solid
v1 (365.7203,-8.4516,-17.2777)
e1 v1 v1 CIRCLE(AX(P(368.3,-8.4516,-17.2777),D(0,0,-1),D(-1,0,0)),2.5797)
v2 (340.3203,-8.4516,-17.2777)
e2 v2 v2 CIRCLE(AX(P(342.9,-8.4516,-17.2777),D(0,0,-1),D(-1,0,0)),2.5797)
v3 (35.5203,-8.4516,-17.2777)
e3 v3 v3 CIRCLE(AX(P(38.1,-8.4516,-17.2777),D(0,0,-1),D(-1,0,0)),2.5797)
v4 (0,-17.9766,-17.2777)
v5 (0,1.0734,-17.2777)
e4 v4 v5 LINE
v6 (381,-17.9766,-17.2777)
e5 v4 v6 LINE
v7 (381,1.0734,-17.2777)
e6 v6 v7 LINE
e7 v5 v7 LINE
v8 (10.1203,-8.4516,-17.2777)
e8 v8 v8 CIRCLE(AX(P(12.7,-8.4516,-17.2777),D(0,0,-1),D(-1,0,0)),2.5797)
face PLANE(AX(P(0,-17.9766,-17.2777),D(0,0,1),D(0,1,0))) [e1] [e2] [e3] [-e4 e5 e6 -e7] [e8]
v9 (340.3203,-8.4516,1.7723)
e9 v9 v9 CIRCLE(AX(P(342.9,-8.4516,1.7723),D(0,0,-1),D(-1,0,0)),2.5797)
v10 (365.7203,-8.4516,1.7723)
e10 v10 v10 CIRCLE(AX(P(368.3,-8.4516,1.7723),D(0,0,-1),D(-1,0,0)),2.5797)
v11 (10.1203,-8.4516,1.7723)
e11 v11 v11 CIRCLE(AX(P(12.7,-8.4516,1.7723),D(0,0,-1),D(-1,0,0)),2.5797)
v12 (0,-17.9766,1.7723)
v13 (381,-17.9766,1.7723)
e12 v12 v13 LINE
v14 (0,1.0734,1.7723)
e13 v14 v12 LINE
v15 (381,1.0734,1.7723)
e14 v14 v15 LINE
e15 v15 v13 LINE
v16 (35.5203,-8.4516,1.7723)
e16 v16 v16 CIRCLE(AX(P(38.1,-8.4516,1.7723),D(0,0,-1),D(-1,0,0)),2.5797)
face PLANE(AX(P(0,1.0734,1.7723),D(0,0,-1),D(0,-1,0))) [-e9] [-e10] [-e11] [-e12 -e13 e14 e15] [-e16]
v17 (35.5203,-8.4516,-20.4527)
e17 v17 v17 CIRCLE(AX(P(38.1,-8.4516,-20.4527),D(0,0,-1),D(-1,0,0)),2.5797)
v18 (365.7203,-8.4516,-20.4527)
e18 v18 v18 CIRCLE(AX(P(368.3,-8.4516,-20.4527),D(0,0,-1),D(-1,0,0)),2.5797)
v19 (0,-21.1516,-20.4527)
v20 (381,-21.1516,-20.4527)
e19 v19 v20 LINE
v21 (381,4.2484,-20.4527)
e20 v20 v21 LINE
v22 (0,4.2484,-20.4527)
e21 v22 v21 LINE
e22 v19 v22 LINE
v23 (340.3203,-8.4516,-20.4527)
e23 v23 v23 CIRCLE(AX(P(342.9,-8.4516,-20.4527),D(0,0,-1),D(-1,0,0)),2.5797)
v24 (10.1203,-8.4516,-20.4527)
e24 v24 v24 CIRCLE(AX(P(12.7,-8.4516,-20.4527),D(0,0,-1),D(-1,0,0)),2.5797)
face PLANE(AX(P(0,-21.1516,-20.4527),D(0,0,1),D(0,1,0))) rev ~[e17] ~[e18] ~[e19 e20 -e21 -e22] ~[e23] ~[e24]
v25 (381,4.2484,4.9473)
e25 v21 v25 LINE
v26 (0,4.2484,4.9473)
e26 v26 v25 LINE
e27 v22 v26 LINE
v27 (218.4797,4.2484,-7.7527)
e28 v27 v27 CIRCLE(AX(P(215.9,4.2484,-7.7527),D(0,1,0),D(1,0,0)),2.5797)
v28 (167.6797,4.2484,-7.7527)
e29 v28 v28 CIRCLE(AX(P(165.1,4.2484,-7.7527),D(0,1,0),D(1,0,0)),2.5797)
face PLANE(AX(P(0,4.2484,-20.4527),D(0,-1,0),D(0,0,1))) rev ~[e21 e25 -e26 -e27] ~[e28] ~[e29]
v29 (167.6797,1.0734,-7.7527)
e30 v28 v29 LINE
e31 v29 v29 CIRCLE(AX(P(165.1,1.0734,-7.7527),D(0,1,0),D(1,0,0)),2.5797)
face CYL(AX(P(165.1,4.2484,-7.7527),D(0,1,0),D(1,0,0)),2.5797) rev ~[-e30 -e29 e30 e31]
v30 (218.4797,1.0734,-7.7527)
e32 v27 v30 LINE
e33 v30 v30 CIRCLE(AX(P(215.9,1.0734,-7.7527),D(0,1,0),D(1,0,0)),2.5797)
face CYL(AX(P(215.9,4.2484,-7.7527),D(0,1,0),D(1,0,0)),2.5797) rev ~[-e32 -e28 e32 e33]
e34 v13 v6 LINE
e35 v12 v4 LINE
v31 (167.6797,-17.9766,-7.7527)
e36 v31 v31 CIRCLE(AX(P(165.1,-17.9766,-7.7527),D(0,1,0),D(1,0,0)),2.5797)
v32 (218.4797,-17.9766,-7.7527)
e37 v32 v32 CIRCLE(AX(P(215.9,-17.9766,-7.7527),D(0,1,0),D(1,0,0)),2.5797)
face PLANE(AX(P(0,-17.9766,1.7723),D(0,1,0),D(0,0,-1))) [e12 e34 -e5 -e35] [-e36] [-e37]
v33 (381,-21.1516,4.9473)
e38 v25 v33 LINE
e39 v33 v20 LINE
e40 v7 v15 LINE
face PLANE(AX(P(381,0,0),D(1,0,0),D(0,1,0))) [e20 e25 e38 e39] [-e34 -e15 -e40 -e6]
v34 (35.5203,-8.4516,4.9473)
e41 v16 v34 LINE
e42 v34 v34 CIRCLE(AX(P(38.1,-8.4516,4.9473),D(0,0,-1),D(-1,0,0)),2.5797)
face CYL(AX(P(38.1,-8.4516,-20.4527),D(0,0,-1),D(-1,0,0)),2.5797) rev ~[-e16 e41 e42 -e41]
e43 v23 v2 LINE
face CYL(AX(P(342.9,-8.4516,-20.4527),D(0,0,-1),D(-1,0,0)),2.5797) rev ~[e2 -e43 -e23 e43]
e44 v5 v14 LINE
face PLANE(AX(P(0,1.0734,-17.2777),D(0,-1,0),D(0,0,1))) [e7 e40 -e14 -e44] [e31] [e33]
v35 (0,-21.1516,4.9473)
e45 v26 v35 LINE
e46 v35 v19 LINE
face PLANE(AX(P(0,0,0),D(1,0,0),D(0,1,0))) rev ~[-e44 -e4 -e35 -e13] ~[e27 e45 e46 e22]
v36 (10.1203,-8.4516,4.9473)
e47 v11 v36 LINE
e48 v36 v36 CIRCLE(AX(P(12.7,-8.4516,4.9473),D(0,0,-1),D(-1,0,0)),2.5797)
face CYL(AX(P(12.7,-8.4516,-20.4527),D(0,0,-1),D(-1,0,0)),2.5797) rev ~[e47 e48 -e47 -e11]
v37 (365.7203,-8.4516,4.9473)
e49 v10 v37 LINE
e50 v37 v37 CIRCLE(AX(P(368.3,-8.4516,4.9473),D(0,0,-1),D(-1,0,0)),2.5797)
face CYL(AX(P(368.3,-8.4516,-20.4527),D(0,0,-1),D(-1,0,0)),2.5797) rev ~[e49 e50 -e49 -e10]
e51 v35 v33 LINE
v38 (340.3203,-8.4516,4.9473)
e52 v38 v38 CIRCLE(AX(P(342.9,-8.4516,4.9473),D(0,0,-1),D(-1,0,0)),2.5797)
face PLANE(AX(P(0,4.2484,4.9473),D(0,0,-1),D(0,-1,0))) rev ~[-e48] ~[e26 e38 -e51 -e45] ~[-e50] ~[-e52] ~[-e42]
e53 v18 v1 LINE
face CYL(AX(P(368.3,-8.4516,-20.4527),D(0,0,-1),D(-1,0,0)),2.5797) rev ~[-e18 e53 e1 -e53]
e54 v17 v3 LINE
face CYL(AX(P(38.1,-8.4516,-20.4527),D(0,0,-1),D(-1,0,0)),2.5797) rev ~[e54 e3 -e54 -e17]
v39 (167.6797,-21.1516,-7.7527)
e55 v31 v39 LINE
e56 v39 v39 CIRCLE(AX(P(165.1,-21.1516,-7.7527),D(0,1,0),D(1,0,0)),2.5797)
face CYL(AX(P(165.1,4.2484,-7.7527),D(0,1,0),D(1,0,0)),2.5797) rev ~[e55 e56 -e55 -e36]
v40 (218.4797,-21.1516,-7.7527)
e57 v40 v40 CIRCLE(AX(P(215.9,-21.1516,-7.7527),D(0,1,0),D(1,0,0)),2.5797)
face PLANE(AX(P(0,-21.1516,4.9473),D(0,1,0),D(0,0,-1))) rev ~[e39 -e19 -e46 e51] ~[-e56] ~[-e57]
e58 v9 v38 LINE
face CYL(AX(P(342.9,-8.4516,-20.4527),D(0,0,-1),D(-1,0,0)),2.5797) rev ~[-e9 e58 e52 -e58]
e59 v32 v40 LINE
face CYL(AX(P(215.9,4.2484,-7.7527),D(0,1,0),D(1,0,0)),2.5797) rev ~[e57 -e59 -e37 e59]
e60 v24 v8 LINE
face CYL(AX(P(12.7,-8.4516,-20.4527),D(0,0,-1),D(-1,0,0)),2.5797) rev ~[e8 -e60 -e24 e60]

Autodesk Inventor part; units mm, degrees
ref_plane "YZ Plane" through (0, 0, 0) normal (1, 0, 0) x (0, 1, 0)
ref_plane "XZ Plane" through (0, 0, 0) normal (0, 1, 0) x (-1, 0, 0)
ref_plane "XY Plane" through (0, 0, 0) normal (0, 0, 1) x (1, 0, 0)
sketch "Sketch1" plane through (0, 0, 0) normal (1, 0, 0) x (0, 1, 0)
  line L0 (4.2484, 4.9473) -> (-21.1516, 4.9473)
  line L1 (-21.1516, 4.9473) -> (-21.1516, -20.4527)
  line L2 (-21.1516, -20.4527) -> (4.2484, -20.4527)
  line L3 (4.2484, -20.4527) -> (4.2484, 4.9473)
  line L4 (1.0734, 1.7723) -> (-17.9766, 1.7723)
  line L5 (-17.9766, 1.7723) -> (-17.9766, -17.2777)
  line L6 (-17.9766, -17.2777) -> (1.0734, -17.2777)
  line L7 (1.0734, -17.2777) -> (1.0734, 1.7723)
  point P0 (0, 0)
  dimension "d0" = 25.4
  dimension "d1" = 25.4
  dimension "d2" = 3.175
extrude "Extrusion1" add sketch "Sketch1" along normal blind 381
sketch "Sketch2" plane through (0, -21.1516, -20.4527) normal (0, 0, -1) x (-1, 0, 0)
  line L0 (0, 0) -> (0, 25.4) construction
  line L1 (0, 12.7) -> (-12.7, 12.7) construction
  line L2 (-12.7, 12.7) -> (-38.1, 12.7) construction
  line L3 (-381, 0) -> (-381, 25.4) construction
  line L4 (-381, 12.7) -> (-368.3, 12.7) construction
  line L5 (-368.3, 12.7) -> (-342.9, 12.7) construction
  circle A0 centre (-368.3, 12.7) radius 2.5797
  circle A1 centre (-342.9, 12.7) radius 2.5797
  circle A2 centre (-12.7, 12.7) radius 2.5797
  circle A3 centre (-38.1, 12.7) radius 2.5797
  point P0 (0, 21.1516)
  dimension "d5" = 12.7
  dimension "d6" = 25.4
  dimension "d7" = 12.7
  dimension "d8" = 25.4
  dimension "d9" = 5.1594
  dimension "d10" = 5.1594
  dimension "d11" = 5.1594
  dimension "d12" = 5.1594
extrude "Extrusion2" cut sketch "Sketch2" against normal blind 431.8
sketch "Sketch3" plane through (0, 4.2484, 4.9473) normal (0, 1, 0) x (1, 0, 0)
  line L0 (0, 25.4) -> (381, 25.4) construction
  line L1 (190.5, 25.4) -> (190.5, 12.7) construction
  line L2 (190.5, 25.4) -> (203.2, 25.4) construction
  line L3 (190.5, 12.7) -> (215.9, 12.7) construction
  line L4 (215.9, 12.7) -> (165.1, 12.7) construction
  circle A0 centre (165.1, 12.7) radius 2.5797
  circle A1 centre (215.9, 12.7) radius 2.5797
  point P0 (0, 4.9473)
  dimension "d15" = 12.7
  dimension "d16" = 90
  dimension "d17" = 25.4
  dimension "d18" = 50.8
  dimension "d19" = 5.1594
extrude "Extrusion3" cut sketch "Sketch3" against normal blind 77.7875
properties part number "17in 1x1 Beam"
